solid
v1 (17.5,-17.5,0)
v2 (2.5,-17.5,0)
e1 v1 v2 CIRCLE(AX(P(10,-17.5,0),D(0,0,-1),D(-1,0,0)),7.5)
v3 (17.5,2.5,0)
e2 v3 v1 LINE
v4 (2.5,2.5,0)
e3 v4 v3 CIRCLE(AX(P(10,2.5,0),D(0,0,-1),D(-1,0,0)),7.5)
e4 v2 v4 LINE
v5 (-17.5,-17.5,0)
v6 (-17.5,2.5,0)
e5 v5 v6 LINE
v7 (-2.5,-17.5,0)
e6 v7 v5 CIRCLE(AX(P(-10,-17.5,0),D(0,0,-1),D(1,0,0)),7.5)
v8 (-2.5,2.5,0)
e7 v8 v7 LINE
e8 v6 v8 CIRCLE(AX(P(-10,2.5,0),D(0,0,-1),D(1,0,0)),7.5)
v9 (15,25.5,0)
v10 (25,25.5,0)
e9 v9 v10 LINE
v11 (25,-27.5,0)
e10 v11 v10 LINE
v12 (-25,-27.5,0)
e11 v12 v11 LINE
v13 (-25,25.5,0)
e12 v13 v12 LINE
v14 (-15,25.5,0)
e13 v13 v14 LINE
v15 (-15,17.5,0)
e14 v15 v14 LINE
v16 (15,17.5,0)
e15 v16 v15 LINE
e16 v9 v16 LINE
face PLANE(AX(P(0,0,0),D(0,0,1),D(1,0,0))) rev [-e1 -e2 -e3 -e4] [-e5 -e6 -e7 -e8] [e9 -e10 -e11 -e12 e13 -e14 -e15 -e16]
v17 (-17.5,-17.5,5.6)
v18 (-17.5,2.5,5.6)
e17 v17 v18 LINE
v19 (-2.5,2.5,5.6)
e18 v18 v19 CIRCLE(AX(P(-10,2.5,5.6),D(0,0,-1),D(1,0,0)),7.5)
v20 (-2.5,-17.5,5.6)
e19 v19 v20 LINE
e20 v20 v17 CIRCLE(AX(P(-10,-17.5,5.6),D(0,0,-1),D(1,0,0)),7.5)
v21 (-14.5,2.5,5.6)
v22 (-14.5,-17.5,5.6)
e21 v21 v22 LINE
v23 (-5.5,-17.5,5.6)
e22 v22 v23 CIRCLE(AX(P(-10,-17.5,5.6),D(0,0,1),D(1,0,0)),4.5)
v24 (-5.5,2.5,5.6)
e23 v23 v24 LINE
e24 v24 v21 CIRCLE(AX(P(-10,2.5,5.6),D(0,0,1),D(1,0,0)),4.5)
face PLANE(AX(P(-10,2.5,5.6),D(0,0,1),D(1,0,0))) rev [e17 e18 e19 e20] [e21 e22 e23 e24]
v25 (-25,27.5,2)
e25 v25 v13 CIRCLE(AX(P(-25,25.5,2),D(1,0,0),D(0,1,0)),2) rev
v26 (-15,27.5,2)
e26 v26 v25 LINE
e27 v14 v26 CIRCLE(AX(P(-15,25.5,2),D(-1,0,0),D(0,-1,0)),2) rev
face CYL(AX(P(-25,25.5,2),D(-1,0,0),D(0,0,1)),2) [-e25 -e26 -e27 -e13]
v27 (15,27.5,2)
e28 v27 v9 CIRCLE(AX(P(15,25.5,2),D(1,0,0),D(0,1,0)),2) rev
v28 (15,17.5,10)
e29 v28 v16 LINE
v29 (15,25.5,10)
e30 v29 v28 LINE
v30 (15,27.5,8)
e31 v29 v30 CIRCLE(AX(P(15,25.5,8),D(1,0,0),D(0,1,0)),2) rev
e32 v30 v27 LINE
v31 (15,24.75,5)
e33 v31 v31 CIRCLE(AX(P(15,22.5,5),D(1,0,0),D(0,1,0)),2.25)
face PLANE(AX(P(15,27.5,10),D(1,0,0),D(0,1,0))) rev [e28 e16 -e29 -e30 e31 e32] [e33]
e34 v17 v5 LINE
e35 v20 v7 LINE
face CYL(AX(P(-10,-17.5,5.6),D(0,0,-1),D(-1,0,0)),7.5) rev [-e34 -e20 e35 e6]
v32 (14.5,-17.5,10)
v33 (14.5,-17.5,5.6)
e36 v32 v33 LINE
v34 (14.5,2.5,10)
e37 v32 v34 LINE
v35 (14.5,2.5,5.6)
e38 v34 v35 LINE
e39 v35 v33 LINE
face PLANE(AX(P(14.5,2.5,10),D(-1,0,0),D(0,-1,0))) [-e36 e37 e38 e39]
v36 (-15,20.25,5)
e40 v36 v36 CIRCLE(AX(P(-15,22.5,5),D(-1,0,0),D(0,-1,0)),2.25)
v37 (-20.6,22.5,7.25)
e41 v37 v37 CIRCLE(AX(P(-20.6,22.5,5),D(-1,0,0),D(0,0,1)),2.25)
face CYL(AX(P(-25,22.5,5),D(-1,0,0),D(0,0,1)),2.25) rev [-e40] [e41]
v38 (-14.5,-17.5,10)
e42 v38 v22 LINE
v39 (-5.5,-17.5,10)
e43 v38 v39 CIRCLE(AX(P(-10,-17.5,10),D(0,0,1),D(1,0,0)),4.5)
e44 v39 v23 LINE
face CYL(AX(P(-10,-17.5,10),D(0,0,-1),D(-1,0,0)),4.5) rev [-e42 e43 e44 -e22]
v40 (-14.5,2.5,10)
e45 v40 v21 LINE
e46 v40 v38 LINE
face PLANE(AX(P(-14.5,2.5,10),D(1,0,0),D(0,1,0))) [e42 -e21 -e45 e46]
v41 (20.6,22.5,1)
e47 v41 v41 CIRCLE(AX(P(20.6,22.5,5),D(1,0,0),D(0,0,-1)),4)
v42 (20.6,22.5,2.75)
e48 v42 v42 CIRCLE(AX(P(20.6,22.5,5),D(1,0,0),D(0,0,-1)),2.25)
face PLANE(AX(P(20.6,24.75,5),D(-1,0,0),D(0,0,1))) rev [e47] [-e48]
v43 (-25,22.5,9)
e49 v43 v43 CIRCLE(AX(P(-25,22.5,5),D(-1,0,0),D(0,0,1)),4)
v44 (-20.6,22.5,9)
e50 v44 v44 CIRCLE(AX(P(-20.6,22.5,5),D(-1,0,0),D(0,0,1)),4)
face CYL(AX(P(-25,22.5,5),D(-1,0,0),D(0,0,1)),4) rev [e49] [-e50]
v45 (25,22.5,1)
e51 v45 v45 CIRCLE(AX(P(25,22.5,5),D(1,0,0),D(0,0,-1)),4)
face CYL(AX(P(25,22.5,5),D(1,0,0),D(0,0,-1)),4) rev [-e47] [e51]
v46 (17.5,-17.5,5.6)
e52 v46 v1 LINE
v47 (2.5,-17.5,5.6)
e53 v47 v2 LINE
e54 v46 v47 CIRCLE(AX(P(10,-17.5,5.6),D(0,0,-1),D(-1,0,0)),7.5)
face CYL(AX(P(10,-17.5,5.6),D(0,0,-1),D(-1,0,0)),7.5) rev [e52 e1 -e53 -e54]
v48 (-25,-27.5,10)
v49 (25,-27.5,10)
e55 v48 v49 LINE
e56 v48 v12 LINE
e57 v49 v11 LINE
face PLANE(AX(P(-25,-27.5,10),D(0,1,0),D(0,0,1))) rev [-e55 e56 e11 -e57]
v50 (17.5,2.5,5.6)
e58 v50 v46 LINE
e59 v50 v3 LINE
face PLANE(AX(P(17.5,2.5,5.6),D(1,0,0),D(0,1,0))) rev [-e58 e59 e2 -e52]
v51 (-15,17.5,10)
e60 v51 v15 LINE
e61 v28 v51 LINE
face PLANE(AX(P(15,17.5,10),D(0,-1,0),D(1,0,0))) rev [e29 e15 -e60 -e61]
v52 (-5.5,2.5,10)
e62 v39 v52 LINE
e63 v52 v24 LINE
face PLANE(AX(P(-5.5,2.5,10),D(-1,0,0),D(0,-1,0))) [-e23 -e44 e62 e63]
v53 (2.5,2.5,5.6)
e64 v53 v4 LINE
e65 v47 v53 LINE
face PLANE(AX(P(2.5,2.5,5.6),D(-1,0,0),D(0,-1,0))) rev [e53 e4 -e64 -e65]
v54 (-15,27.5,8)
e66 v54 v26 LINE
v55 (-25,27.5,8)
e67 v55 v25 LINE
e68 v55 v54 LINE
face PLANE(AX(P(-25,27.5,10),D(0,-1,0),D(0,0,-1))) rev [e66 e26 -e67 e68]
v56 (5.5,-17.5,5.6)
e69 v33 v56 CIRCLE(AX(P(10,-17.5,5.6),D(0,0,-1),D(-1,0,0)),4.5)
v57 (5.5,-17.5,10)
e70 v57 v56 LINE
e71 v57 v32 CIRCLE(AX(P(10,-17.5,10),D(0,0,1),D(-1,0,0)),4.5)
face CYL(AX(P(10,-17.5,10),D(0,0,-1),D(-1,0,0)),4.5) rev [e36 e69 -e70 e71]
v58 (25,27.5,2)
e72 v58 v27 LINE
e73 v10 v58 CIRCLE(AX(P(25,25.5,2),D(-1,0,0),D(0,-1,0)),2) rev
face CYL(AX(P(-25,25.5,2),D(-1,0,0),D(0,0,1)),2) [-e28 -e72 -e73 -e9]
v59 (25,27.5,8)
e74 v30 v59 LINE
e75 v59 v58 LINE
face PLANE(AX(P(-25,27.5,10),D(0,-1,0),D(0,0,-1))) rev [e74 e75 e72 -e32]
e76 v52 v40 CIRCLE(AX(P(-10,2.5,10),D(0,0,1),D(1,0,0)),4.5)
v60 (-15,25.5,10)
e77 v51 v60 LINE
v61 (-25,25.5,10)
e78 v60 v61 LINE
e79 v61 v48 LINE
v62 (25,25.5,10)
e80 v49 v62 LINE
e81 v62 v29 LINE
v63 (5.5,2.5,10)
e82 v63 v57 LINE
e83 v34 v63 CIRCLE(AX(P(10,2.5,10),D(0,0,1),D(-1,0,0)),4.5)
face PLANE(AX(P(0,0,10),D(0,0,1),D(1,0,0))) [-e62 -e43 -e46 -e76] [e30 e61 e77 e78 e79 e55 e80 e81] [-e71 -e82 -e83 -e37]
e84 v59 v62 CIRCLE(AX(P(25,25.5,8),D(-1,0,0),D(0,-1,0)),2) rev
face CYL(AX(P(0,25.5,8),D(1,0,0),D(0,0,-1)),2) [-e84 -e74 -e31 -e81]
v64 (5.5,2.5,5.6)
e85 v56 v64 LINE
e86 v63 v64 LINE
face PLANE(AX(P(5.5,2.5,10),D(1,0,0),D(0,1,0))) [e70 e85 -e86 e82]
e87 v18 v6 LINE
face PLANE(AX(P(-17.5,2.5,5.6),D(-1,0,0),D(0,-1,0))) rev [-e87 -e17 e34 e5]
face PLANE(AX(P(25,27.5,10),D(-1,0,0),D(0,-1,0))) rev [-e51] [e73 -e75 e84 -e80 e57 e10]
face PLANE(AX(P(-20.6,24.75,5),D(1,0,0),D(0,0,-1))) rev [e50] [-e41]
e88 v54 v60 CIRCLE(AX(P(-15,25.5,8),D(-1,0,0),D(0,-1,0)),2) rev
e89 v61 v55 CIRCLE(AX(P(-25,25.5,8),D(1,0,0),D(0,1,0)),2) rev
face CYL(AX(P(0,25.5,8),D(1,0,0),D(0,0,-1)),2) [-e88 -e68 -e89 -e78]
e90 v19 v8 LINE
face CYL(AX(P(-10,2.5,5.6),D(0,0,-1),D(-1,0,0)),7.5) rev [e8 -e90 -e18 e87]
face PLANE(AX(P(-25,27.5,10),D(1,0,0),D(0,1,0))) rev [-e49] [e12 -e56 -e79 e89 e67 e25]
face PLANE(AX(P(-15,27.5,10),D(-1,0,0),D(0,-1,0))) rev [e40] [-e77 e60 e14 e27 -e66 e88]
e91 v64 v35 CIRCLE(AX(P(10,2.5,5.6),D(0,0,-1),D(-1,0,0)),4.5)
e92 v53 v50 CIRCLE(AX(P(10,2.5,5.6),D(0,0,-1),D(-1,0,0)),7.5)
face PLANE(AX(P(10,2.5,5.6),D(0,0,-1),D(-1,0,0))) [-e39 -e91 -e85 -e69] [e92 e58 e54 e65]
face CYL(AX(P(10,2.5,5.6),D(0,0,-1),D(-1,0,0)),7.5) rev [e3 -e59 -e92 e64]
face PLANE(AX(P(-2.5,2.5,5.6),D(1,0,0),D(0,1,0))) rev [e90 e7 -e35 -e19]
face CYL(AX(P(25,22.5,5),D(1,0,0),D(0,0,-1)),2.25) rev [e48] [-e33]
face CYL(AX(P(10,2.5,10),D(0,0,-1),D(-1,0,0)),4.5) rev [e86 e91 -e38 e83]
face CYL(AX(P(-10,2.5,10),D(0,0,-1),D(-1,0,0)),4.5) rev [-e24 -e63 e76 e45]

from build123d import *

# Parameters (mm, degrees)
SKETCH1_W           = 50
SKETCH1_H           = 55
BOSS_EXTRUDE3_DEPTH = 10
SKETCH2_W           = 30
SKETCH2_H           = 10
CUT_EXTRUDE2_DEPTH  = 10
CUT_EXTRUDE3_DEPTH  = 5.6
FILLET1_R           = 2


with BuildPart() as part:
    # Sketch1 → Boss-Extrude3 (new body)
    with BuildSketch(Plane.XY):
        Rectangle(SKETCH1_W, SKETCH1_H)
        with BuildLine():
            Line((-5.5, 2.5), (-5.5, -17.5))
            ThreePointArc((-5.5, -17.5), (-10, -22), (-14.5, -17.5))
            Line((-14.5, -17.5), (-14.5, 2.5))
            ThreePointArc((-14.5, 2.5), (-10, 7), (-5.5, 2.5))
        make_face(mode=Mode.SUBTRACT)
        with BuildLine():
            Line((5.5, 2.5), (5.5, -17.5))
            ThreePointArc((5.5, -17.5), (10, -22), (14.5, -17.5))
            Line((14.5, -17.5), (14.5, 2.5))
            ThreePointArc((14.5, 2.5), (10, 7), (5.5, 2.5))
        make_face(mode=Mode.SUBTRACT)
    extrude(amount=BOSS_EXTRUDE3_DEPTH)

    # Sketch2 → Cut-Extrude2 (cut)
    with BuildSketch(Plane(origin=(0, 0, 0), x_dir=(-1, 0, 0), z_dir=(0, 0, -1))):
        with Locations((0, 22.5)):
            Rectangle(SKETCH2_W, SKETCH2_H)
    extrude(amount=-CUT_EXTRUDE2_DEPTH, mode=Mode.SUBTRACT)

    # Sketch6 → CBORE for M4 Hex Socket Head Cap Screw1 (revolve, cut)
    with BuildSketch(Plane(origin=(25, 22.5, 5), x_dir=(0, 0, -1), z_dir=(0, 1, 0))):
        Polygon((0, 0), (0, 15.351936393), (2.25, 14), (2.25, 4.4), (4, 4.4), (4, 0), align=None)
    cbore_for_m4_hex_socket_head_cap_screw1 = revolve(axis=Axis((31.35, 22.5, 5), (-1, 0, 0)), mode=Mode.SUBTRACT)

    # Mirror1: CBORE for M4 Hex Socket Head Cap Screw1 across plane
    add(cbore_for_m4_hex_socket_head_cap_screw1.mirror(Plane(origin=(0, 0, 0), x_dir=(0, 0, 1), z_dir=(1, 0, 0))), mode=Mode.SUBTRACT)

    # Sketch7 → Cut-Extrude3 (cut)
    with BuildSketch(Plane(origin=(0, 0, 0), x_dir=(-1, 0, 0), z_dir=(0, 0, -1))):
        with BuildLine():
            Line((-2.5, 2.5), (-2.5, -17.5))
            ThreePointArc((-2.5, -17.5), (-10, -25), (-17.5, -17.5))
            Line((-17.5, -17.5), (-17.5, 2.5))
            ThreePointArc((-17.5, 2.5), (-10, 10), (-2.5, 2.5))
        make_face()
        with BuildLine():
            Line((2.5, 2.5), (2.5, -17.5))
            ThreePointArc((2.5, -17.5), (10, -25), (17.5, -17.5))
            Line((17.5, -17.5), (17.5, 2.5))
            ThreePointArc((17.5, 2.5), (10, 10), (2.5, 2.5))
        make_face()
    extrude(amount=-CUT_EXTRUDE3_DEPTH, mode=Mode.SUBTRACT)

    # Fillet1
    fillet1_edges = [part.edges().sort_by_distance(p)[0] for p in [
        (-20, 27.5, 0),
        (-20, 27.5, 10),
        (20, 27.5, 0),
        (20, 27.5, 10),
    ]]
    fillet(fillet1_edges, radius=FILLET1_R)


solid = part.part
